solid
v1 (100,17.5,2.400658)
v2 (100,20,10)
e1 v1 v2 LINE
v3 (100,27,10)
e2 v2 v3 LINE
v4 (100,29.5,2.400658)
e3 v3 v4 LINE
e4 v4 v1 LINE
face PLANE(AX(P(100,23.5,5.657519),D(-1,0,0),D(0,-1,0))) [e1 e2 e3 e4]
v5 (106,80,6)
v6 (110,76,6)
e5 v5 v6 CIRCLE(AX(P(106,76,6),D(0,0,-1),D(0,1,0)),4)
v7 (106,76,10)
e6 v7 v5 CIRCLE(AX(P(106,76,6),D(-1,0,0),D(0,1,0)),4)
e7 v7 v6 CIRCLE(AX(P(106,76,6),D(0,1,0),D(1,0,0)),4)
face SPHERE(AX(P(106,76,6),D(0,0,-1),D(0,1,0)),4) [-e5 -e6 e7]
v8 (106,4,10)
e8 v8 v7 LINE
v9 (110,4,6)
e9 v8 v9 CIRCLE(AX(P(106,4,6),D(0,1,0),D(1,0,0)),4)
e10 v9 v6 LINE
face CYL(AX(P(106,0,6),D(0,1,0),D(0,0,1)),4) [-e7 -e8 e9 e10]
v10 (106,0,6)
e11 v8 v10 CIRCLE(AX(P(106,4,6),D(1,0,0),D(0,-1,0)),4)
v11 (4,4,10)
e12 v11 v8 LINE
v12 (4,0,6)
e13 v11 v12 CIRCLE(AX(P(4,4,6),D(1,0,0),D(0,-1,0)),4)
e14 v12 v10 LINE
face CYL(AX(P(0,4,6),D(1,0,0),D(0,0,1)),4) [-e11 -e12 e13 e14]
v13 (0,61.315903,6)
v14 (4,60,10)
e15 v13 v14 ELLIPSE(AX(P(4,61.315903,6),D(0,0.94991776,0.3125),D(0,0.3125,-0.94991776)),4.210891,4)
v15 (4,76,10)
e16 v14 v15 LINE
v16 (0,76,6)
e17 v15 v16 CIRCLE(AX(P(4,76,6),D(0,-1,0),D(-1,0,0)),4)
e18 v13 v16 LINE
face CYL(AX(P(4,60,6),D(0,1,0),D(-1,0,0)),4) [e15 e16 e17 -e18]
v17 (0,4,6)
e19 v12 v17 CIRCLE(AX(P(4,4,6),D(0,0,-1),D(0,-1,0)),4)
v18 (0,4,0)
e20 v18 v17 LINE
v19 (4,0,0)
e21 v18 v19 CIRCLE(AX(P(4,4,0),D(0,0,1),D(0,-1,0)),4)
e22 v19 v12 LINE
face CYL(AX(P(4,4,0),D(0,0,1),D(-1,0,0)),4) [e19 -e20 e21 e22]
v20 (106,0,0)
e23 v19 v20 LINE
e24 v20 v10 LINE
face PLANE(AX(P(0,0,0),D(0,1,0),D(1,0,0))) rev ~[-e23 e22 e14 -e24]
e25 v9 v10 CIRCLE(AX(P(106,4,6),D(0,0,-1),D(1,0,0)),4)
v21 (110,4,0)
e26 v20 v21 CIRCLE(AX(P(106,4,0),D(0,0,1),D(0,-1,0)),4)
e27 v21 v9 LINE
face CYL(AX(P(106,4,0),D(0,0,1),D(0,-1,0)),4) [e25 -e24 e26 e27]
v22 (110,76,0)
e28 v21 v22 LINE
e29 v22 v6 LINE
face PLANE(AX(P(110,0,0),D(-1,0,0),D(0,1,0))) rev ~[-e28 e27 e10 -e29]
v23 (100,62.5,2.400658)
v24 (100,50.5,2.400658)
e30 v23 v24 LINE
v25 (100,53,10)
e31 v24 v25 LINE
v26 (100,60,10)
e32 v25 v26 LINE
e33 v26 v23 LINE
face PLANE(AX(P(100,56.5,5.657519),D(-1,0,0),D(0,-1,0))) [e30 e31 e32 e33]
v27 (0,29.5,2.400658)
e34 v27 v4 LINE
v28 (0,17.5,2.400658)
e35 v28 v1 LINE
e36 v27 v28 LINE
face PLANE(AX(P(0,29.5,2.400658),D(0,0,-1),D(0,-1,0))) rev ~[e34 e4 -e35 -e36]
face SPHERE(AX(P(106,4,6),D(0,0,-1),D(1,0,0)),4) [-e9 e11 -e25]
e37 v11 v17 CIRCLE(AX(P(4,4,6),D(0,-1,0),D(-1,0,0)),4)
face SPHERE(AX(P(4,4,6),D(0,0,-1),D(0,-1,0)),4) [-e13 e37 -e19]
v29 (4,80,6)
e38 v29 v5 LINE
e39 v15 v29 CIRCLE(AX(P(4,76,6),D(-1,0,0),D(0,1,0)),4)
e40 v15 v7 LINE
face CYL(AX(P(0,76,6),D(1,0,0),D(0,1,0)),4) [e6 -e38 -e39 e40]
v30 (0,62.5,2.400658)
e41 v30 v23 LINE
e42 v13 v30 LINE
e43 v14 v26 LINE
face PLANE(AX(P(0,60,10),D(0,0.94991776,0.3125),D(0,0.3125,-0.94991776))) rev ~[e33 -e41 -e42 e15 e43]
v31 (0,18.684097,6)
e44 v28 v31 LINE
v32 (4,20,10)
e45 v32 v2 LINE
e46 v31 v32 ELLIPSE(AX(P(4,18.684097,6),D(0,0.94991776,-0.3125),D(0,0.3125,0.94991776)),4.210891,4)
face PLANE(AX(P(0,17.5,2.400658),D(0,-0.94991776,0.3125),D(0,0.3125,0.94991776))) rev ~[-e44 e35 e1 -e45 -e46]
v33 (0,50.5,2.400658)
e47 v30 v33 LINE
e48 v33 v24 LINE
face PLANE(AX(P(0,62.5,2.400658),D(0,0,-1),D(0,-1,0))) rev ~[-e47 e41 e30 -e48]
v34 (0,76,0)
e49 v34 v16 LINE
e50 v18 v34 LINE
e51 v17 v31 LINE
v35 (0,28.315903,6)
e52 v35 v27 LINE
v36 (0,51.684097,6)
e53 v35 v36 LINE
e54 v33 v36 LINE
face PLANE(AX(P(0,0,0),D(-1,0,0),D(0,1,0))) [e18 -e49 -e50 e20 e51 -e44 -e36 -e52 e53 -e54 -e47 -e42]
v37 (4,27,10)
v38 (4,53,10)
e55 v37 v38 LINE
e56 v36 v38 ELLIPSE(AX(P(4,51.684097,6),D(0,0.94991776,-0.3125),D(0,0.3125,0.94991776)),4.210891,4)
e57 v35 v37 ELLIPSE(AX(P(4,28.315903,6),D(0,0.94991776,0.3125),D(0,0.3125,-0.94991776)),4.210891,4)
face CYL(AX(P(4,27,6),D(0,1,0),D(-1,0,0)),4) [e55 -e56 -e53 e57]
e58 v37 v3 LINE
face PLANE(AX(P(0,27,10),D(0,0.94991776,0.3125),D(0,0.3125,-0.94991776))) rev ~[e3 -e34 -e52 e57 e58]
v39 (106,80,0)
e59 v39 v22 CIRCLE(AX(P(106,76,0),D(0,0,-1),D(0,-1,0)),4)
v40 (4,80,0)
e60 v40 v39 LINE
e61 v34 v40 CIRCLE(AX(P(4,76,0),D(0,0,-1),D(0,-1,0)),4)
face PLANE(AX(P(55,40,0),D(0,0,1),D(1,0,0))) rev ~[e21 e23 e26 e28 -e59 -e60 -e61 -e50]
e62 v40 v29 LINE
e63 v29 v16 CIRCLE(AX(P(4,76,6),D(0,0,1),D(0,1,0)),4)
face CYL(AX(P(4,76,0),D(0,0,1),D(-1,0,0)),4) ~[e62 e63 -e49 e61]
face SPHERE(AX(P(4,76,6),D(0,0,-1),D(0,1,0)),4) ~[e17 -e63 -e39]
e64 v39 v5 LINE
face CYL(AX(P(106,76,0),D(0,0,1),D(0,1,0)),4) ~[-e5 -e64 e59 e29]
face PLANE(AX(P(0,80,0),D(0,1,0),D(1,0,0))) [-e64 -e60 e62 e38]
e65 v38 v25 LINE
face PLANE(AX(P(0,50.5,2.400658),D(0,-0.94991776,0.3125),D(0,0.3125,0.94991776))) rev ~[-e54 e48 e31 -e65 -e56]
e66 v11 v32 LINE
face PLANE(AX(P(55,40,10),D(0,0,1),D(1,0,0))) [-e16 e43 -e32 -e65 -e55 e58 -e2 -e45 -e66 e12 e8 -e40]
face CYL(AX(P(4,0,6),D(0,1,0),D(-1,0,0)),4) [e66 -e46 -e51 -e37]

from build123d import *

# Parameters (mm, degrees)
F0_W     = 110
F0_H     = 80
F1_DEPTH = 10
F3_DEPTH = 100
F4_R     = 4


with BuildPart() as f1:
    # F0 (on Top) → F1 (new body)
    with BuildSketch(Plane.XY):
        with Locations((55, 40)):
            Rectangle(F0_W, F0_H)
    extrude(amount=F1_DEPTH)

    # F2 (on face) → F3 (cut)
    with BuildSketch(Plane(origin=(0, 0, 0), x_dir=(0, -1, 0), z_dir=(-1, 0, 0))):
        Polygon((-53, 10), (-60, 10), (-62.5, 2.4006579232), (-50.5, 2.4006579232), align=None)
        Polygon((-20, 10), (-27, 10), (-29.5, 2.4006579232), (-17.5, 2.4006579232), align=None)
    extrude(amount=-F3_DEPTH, mode=Mode.SUBTRACT)

    # F4
    f4_edges = [f1.edges().sort_by_distance(p)[0] for p in [
        (0, 0, 5),
        (110, 0, 5),
        (110, 80, 5),
        (0, 80, 5),
        (55, 80, 10),
        (110, 40, 10),
        (55, 0, 10),
        (0, 10, 10),
        (0, 40, 10),
        (0, 70, 10),
    ]]
    fillet(f4_edges, radius=F4_R)


solid = f1.part
